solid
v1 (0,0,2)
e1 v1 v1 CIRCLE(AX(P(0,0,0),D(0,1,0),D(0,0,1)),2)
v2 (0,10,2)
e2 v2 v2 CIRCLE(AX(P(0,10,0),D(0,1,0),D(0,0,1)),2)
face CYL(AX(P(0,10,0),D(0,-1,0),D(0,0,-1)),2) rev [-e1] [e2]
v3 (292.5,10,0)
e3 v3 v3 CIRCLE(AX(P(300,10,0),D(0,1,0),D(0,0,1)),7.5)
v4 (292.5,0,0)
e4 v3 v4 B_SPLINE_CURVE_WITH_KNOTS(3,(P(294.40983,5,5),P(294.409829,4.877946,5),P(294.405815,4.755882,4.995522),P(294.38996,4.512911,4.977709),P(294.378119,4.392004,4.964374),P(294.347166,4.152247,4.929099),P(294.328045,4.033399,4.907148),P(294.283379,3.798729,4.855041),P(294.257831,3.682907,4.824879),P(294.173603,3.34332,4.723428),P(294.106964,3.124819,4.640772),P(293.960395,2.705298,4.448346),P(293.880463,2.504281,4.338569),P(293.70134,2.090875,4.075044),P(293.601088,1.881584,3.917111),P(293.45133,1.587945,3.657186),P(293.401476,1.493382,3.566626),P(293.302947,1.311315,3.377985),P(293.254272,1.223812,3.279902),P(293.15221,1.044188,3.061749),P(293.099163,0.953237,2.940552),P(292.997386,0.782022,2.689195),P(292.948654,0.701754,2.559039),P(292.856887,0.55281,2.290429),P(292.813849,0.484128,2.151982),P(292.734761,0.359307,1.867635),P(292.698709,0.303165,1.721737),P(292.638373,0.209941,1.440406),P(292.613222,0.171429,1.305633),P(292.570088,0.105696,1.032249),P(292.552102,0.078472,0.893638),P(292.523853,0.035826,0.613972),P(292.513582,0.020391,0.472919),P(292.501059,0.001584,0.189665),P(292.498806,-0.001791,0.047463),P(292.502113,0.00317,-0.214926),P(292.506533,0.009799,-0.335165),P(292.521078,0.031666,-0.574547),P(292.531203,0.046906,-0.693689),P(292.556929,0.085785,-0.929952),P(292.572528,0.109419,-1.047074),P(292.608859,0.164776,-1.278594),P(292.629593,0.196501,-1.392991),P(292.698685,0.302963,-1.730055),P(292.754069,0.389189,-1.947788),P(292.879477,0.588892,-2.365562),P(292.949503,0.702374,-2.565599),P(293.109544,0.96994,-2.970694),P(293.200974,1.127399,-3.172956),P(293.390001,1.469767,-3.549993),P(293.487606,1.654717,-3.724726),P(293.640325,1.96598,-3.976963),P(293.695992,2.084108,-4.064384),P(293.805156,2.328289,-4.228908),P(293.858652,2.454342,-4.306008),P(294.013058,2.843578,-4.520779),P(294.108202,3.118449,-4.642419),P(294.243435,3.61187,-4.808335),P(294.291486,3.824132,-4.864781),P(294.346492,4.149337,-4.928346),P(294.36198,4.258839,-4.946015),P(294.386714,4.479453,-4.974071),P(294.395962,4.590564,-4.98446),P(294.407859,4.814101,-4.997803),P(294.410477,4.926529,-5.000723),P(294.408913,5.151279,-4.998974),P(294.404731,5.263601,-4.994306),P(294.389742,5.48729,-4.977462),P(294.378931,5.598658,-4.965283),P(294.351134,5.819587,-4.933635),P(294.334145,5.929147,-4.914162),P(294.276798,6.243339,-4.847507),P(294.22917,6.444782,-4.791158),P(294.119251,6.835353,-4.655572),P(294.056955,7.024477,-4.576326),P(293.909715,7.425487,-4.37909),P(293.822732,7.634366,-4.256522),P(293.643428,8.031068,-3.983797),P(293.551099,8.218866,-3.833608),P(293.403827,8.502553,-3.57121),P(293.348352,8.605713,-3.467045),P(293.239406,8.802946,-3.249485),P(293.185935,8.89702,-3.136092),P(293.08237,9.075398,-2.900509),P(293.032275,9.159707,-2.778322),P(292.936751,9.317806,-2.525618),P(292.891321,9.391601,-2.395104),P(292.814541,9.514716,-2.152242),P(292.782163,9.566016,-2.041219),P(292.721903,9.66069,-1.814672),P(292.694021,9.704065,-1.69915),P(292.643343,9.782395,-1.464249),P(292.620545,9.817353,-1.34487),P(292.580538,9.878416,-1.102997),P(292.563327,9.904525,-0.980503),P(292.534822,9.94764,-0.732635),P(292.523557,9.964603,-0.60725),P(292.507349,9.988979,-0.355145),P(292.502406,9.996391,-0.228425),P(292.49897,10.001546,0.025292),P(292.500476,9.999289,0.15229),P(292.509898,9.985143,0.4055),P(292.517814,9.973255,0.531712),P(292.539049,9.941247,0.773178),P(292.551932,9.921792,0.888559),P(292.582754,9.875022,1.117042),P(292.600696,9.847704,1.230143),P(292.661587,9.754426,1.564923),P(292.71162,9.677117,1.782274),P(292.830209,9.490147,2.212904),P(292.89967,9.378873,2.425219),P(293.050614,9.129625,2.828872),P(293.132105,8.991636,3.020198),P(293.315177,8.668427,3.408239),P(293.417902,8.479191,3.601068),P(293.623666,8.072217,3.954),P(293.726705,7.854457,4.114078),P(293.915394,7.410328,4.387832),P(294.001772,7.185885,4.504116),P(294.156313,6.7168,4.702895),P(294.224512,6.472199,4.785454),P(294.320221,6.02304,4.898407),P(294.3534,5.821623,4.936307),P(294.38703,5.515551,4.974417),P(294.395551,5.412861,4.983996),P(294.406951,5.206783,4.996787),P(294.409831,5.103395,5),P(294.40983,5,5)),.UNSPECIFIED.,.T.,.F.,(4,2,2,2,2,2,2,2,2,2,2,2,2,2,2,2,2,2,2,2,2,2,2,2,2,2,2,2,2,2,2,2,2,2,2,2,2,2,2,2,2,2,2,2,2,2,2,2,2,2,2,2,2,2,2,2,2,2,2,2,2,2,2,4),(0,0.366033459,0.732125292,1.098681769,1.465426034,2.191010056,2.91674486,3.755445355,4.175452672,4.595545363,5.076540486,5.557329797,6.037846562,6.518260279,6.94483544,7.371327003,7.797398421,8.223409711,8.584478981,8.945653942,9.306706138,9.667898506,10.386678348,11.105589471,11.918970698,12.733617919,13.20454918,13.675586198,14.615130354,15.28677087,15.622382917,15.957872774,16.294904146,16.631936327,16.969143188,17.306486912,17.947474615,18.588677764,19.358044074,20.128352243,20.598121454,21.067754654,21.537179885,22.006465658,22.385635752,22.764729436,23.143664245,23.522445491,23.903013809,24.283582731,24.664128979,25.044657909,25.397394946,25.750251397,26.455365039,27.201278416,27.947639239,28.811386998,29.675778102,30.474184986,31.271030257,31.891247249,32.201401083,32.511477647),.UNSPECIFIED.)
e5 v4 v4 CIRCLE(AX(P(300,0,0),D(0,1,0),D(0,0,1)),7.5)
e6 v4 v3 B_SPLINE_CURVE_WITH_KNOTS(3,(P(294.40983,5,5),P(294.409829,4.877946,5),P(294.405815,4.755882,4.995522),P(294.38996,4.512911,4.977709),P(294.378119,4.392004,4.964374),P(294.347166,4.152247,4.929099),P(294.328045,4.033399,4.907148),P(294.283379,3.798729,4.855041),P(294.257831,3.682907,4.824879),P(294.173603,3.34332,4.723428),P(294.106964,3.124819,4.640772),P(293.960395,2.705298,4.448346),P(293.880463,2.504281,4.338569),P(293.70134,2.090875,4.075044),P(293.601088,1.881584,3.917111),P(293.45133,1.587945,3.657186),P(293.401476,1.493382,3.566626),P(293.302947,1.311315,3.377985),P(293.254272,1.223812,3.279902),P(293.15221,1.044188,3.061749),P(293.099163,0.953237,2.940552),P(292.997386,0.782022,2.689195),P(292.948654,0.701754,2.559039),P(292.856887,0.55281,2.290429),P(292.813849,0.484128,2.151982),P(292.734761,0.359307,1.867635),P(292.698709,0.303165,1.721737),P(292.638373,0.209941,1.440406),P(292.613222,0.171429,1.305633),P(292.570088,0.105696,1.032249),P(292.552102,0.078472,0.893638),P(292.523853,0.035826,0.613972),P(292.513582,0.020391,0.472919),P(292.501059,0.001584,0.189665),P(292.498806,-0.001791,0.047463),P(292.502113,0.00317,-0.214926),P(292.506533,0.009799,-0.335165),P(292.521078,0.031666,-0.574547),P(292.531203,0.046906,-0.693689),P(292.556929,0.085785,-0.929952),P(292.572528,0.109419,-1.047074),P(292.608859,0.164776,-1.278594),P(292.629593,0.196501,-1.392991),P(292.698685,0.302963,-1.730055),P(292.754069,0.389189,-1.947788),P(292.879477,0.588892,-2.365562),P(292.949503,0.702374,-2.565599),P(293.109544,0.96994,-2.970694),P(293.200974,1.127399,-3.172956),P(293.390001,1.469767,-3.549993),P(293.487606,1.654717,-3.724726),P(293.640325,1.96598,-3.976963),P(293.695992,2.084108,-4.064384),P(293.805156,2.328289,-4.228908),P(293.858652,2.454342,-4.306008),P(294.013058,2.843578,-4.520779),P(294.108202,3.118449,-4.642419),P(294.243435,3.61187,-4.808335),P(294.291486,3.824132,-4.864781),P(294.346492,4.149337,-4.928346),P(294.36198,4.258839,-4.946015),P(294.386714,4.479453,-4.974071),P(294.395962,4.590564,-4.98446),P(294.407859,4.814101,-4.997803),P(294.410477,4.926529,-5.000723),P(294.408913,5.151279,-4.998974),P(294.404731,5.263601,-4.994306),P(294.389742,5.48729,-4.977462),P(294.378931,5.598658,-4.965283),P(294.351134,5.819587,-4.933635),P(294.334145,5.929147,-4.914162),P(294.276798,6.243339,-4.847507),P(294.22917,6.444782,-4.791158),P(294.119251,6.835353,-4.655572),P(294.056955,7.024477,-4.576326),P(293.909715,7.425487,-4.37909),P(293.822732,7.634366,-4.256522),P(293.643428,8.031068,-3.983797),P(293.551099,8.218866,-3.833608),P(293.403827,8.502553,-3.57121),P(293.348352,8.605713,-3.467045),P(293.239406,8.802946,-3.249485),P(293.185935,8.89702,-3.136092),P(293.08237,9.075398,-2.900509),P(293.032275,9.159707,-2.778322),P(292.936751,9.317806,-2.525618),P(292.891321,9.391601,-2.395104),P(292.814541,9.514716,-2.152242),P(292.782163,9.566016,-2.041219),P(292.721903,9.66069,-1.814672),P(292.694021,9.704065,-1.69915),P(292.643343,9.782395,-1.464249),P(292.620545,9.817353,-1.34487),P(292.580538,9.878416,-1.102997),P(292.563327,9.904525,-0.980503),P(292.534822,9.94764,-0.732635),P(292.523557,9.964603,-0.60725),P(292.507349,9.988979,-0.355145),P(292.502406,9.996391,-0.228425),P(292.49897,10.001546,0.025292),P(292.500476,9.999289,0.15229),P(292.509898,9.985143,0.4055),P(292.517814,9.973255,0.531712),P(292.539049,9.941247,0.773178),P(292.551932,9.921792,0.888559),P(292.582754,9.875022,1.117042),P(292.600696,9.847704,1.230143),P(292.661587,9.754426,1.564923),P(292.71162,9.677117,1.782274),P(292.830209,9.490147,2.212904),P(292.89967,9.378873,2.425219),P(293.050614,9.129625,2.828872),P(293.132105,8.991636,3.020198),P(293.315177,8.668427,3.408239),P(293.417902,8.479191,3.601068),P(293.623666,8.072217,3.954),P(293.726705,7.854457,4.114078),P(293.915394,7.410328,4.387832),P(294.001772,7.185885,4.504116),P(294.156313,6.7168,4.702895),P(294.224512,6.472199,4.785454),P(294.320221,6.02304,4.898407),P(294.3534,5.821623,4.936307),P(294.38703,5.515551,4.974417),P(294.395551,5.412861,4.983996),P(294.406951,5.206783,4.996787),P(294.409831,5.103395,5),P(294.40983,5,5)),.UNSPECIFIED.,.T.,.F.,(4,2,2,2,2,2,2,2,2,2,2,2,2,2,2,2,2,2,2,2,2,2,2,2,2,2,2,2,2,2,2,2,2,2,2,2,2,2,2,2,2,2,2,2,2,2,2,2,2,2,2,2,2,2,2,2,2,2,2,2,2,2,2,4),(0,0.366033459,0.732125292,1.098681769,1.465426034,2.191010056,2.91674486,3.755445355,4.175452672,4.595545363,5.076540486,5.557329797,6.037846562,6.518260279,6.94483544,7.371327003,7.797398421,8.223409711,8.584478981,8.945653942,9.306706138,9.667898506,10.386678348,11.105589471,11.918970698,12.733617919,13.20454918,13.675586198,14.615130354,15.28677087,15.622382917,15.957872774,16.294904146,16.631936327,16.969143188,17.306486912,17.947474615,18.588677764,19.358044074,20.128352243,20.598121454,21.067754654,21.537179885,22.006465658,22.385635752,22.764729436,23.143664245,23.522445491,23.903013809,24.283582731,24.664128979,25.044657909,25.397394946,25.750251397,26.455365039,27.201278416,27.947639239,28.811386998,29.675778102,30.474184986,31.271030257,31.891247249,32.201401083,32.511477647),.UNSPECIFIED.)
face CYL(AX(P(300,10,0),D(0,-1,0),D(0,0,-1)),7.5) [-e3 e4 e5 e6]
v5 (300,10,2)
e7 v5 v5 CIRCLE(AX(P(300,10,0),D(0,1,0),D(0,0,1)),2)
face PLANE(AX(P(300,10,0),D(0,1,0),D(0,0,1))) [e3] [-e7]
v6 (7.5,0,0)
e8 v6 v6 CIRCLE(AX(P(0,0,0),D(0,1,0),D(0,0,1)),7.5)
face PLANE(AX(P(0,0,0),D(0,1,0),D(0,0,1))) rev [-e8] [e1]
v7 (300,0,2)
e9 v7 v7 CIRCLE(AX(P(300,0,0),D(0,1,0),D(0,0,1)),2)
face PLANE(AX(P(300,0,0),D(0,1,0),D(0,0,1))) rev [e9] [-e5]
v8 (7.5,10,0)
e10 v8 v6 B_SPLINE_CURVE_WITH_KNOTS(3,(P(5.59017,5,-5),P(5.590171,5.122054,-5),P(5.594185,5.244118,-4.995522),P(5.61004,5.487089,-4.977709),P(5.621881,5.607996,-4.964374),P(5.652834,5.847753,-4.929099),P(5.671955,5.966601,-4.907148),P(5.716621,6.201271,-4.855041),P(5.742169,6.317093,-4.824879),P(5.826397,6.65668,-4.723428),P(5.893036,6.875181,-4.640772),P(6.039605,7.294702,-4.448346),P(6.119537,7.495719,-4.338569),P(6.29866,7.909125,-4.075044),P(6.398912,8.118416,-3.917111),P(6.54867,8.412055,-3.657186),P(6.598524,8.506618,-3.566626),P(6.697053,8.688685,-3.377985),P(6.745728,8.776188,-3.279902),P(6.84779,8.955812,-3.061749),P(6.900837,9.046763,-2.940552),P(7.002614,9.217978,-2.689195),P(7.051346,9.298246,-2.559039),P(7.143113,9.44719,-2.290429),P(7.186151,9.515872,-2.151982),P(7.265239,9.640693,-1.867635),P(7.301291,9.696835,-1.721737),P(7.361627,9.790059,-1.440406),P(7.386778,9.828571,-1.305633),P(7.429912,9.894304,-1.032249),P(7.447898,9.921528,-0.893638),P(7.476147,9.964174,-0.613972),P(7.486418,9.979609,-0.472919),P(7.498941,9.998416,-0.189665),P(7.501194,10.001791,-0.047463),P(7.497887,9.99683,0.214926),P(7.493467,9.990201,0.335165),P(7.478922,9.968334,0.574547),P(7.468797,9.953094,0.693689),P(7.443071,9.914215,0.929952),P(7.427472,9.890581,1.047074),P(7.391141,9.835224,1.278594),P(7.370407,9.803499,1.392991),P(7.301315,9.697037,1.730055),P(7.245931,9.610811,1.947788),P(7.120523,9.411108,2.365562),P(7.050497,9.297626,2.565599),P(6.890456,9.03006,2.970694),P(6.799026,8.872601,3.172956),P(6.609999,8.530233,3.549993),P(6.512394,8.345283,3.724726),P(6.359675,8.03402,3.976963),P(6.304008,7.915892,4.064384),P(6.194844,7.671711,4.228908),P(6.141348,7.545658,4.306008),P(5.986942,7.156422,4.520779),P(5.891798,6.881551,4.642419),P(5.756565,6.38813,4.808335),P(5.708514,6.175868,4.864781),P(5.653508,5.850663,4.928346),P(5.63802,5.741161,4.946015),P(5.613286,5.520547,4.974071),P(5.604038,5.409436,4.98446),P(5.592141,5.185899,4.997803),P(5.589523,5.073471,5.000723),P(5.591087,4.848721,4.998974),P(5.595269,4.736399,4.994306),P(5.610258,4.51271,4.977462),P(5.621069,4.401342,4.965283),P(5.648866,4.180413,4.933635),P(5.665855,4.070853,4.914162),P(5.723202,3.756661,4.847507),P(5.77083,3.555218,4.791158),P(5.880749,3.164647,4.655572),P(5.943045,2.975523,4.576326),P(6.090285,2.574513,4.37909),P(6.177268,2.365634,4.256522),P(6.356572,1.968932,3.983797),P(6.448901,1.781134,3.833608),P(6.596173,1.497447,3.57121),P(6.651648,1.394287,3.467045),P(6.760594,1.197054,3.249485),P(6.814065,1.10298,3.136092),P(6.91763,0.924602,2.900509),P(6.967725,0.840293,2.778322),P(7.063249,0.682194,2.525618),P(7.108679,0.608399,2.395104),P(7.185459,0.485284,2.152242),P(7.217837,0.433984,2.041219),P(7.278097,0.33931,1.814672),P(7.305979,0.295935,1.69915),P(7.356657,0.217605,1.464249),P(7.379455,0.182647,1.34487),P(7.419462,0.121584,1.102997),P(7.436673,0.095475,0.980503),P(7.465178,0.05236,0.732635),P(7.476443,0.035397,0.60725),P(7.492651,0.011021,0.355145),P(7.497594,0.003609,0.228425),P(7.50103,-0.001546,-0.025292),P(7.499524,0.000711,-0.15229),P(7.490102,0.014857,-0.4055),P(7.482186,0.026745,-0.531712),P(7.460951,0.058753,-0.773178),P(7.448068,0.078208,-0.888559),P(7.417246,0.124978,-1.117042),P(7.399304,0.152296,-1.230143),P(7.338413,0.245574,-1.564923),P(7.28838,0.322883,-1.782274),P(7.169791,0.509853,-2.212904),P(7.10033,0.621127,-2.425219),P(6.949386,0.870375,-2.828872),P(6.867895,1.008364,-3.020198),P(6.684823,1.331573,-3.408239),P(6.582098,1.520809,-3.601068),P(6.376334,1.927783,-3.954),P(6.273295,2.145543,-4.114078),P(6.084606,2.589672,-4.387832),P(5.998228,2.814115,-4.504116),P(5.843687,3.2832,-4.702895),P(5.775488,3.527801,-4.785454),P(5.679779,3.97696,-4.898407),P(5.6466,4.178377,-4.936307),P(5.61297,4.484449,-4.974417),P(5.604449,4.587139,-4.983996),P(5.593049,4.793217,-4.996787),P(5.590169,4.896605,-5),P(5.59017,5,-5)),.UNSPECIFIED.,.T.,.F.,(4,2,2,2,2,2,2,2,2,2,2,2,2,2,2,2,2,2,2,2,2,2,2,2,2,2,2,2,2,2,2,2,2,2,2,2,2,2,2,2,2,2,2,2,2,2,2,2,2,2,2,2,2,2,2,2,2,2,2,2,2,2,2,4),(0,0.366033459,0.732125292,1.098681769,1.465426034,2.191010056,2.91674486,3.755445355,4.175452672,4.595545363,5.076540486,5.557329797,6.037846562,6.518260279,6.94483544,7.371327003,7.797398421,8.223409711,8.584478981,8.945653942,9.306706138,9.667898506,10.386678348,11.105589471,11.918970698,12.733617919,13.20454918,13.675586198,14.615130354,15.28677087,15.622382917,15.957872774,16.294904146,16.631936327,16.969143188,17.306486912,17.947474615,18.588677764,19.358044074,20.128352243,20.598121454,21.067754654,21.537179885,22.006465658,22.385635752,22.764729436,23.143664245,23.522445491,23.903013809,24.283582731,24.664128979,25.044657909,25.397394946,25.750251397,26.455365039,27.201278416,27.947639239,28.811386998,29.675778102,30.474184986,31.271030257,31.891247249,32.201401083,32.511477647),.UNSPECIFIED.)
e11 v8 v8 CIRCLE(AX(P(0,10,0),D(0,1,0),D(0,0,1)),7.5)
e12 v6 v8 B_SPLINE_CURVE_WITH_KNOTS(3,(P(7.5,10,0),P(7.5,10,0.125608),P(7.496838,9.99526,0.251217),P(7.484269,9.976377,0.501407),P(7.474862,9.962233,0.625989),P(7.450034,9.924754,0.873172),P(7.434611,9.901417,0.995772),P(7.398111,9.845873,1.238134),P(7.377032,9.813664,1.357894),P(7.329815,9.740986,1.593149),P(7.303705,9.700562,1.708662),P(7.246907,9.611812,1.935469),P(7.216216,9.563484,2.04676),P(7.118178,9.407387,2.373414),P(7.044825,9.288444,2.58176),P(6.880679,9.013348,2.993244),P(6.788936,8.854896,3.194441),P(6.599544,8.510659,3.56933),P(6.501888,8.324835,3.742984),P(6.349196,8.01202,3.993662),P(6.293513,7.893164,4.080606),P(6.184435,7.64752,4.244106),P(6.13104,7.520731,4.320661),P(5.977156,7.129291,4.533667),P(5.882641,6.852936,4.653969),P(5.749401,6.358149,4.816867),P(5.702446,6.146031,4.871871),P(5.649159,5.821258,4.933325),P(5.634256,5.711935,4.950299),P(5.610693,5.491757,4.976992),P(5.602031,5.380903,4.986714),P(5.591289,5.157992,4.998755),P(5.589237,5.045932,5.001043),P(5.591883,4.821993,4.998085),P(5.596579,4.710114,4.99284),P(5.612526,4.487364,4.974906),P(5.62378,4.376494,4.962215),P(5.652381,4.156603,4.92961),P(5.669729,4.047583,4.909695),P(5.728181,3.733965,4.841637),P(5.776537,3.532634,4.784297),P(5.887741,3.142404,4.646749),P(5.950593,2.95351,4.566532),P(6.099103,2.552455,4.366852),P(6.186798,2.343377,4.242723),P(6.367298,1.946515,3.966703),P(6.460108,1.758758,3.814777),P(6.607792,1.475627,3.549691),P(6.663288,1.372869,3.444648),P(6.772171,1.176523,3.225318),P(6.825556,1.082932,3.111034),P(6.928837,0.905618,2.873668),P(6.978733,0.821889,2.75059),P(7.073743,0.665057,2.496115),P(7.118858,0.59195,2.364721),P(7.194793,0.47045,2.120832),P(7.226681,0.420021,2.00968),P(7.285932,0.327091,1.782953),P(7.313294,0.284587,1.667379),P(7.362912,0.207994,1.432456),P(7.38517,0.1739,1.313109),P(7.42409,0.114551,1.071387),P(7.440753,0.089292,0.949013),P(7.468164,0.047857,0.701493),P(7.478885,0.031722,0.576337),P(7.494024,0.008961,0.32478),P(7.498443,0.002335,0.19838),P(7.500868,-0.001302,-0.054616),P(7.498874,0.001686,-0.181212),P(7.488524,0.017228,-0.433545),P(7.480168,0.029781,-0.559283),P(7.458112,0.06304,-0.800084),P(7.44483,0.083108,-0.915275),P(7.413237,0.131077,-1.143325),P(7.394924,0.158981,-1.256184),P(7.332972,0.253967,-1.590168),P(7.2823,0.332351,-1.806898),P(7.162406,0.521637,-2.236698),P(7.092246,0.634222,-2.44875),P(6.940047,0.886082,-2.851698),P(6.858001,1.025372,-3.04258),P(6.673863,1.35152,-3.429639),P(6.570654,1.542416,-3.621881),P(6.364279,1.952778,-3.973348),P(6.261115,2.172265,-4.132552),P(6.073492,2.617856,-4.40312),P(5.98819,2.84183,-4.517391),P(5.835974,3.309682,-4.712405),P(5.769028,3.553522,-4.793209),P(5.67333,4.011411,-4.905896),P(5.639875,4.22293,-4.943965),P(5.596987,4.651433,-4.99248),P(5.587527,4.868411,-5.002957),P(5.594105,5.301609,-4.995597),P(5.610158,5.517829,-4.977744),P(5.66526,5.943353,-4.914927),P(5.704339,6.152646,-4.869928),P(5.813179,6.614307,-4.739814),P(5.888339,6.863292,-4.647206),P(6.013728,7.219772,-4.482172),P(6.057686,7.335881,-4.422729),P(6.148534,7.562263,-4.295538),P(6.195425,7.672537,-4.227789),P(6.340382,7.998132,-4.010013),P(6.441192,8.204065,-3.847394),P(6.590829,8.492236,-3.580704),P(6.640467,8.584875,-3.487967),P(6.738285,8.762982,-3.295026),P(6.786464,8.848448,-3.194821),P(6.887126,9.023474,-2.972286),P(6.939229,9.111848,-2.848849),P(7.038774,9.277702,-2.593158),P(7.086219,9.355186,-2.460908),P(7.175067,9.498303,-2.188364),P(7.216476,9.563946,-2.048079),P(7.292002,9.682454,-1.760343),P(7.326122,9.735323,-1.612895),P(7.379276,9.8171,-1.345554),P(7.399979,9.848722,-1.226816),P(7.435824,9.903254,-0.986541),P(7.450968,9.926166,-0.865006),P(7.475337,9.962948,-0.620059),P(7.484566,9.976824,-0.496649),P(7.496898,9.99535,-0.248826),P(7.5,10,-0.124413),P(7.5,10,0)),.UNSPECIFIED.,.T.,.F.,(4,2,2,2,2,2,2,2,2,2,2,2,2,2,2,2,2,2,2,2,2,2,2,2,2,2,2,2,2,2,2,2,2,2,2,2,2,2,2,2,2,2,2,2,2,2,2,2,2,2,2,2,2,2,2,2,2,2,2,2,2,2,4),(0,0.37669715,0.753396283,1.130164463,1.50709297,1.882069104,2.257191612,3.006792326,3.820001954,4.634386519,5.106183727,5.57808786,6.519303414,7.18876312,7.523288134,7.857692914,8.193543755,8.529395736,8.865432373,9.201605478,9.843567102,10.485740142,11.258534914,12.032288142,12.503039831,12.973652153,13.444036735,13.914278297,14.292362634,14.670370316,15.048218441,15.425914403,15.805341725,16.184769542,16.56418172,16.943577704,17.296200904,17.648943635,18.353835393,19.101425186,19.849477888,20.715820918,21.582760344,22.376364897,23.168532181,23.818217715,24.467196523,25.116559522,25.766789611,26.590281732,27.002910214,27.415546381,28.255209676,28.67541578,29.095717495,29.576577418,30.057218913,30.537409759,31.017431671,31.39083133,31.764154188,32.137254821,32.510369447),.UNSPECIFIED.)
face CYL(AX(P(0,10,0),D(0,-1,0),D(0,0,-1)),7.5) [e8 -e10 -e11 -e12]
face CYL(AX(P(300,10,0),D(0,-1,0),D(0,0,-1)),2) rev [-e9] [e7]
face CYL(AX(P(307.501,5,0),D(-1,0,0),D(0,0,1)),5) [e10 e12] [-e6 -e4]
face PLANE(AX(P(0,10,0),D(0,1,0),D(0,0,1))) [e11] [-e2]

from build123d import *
from build123d.topology import SkipClean

# Parameters (mm, degrees)
SKETCH1_R                            = 7.5
SKETCH1_R_2                          = 2
BOSS_EXTRUDE1_DEPTH                  = 10
BOSS_EXTRUDE1_2_DEPTH                = 10
BOSS_EXTRUDE2_REACH                  = 159.995
BOSS_EXTRUDE2_END_RADIUS             = 7.5
SKETCH2_R                            = 5
BOSS_EXTRUDE2_DIRECTION_2_REACH      = 159.995
BOSS_EXTRUDE2_DIRECTION_2_END_RADIUS = 7.5


with BuildPart() as part:
    # Sketch1 → Boss-Extrude1 (new body)
    with BuildSketch(Plane(origin=(0, 0, 0), x_dir=(1, 0, 0), z_dir=(0, 1, 0))):
        with Locations(Location((0, 0, 0), (0, 0, 270))):
            Circle(SKETCH1_R)
        with Locations(Location((0, 0, 0), (0, 0, 270))):
            Circle(SKETCH1_R_2, mode=Mode.SUBTRACT)
    extrude(amount=BOSS_EXTRUDE1_DEPTH)



with BuildPart() as body_2:
    # Sketch1 → Boss-Extrude1 2 (new body)
    with BuildSketch(Plane(origin=(0, 0, 0), x_dir=(1, 0, 0), z_dir=(0, 1, 0))):
        with Locations(Location((300, 0, 0), (0, 0, 270))):
            Circle(SKETCH1_R)
        with Locations(Location((300, 0, 0), (0, 0, 270))):
            Circle(SKETCH1_R_2, mode=Mode.SUBTRACT)
    extrude(amount=BOSS_EXTRUDE1_2_DEPTH)


with BuildPart() as part_1:
    with SkipClean():  # the faces are left unmerged after this step: merging them gives an invalid solid
        add(part.part)

        add(body_2.part)  # Boss-Extrude2 merges body 2
        # Boss-Extrude2: up to this cylinder (the profile starts outside it)
        boss_extrude2_end = Plane(origin=(300, 5, 0), z_dir=(0, -1, 0)) * Cylinder(BOSS_EXTRUDE2_END_RADIUS, 335.99, mode=Mode.PRIVATE)
        # Sketch2 → Boss-Extrude2 (add, up to the surface)
        with BuildSketch(Plane(origin=(150, 0, 0), x_dir=(0, 0, -1), z_dir=(1, 0, 0)), mode=Mode.PRIVATE) as boss_extrude2_sk1:
            with Locations(Location((0, 5, 0), (0, 0, 90))):
                Circle(SKETCH2_R)
        boss_extrude2_tool1 = extrude(boss_extrude2_sk1.sketch, amount=BOSS_EXTRUDE2_REACH, mode=Mode.PRIVATE) - boss_extrude2_end
        add(boss_extrude2_tool1.solids().sort_by_distance((150, 5, 0))[0])

    # Boss-Extrude2 direction 2: up to this cylinder (the profile starts outside it)
    boss_extrude2_direction_2_end = Plane(origin=(0, 5, 0), z_dir=(0, -1, 0)) * Cylinder(BOSS_EXTRUDE2_DIRECTION_2_END_RADIUS, 335.99, mode=Mode.PRIVATE)
    # Sketch2 → Boss-Extrude2 direction 2 (add, up to the surface)
    with BuildSketch(Plane(origin=(150, 0, 0), x_dir=(0, 0, -1), z_dir=(1, 0, 0)), mode=Mode.PRIVATE) as boss_extrude2_direction_2_sk1:
        with Locations(Location((0, 5, 0), (0, 0, 90))):
            Circle(SKETCH2_R)
    boss_extrude2_direction_2_tool1 = extrude(boss_extrude2_direction_2_sk1.sketch, amount=-BOSS_EXTRUDE2_DIRECTION_2_REACH, mode=Mode.PRIVATE) - boss_extrude2_direction_2_end
    add(boss_extrude2_direction_2_tool1.solids().sort_by_distance((150, 5, 0))[0])


solid = part_1.part
